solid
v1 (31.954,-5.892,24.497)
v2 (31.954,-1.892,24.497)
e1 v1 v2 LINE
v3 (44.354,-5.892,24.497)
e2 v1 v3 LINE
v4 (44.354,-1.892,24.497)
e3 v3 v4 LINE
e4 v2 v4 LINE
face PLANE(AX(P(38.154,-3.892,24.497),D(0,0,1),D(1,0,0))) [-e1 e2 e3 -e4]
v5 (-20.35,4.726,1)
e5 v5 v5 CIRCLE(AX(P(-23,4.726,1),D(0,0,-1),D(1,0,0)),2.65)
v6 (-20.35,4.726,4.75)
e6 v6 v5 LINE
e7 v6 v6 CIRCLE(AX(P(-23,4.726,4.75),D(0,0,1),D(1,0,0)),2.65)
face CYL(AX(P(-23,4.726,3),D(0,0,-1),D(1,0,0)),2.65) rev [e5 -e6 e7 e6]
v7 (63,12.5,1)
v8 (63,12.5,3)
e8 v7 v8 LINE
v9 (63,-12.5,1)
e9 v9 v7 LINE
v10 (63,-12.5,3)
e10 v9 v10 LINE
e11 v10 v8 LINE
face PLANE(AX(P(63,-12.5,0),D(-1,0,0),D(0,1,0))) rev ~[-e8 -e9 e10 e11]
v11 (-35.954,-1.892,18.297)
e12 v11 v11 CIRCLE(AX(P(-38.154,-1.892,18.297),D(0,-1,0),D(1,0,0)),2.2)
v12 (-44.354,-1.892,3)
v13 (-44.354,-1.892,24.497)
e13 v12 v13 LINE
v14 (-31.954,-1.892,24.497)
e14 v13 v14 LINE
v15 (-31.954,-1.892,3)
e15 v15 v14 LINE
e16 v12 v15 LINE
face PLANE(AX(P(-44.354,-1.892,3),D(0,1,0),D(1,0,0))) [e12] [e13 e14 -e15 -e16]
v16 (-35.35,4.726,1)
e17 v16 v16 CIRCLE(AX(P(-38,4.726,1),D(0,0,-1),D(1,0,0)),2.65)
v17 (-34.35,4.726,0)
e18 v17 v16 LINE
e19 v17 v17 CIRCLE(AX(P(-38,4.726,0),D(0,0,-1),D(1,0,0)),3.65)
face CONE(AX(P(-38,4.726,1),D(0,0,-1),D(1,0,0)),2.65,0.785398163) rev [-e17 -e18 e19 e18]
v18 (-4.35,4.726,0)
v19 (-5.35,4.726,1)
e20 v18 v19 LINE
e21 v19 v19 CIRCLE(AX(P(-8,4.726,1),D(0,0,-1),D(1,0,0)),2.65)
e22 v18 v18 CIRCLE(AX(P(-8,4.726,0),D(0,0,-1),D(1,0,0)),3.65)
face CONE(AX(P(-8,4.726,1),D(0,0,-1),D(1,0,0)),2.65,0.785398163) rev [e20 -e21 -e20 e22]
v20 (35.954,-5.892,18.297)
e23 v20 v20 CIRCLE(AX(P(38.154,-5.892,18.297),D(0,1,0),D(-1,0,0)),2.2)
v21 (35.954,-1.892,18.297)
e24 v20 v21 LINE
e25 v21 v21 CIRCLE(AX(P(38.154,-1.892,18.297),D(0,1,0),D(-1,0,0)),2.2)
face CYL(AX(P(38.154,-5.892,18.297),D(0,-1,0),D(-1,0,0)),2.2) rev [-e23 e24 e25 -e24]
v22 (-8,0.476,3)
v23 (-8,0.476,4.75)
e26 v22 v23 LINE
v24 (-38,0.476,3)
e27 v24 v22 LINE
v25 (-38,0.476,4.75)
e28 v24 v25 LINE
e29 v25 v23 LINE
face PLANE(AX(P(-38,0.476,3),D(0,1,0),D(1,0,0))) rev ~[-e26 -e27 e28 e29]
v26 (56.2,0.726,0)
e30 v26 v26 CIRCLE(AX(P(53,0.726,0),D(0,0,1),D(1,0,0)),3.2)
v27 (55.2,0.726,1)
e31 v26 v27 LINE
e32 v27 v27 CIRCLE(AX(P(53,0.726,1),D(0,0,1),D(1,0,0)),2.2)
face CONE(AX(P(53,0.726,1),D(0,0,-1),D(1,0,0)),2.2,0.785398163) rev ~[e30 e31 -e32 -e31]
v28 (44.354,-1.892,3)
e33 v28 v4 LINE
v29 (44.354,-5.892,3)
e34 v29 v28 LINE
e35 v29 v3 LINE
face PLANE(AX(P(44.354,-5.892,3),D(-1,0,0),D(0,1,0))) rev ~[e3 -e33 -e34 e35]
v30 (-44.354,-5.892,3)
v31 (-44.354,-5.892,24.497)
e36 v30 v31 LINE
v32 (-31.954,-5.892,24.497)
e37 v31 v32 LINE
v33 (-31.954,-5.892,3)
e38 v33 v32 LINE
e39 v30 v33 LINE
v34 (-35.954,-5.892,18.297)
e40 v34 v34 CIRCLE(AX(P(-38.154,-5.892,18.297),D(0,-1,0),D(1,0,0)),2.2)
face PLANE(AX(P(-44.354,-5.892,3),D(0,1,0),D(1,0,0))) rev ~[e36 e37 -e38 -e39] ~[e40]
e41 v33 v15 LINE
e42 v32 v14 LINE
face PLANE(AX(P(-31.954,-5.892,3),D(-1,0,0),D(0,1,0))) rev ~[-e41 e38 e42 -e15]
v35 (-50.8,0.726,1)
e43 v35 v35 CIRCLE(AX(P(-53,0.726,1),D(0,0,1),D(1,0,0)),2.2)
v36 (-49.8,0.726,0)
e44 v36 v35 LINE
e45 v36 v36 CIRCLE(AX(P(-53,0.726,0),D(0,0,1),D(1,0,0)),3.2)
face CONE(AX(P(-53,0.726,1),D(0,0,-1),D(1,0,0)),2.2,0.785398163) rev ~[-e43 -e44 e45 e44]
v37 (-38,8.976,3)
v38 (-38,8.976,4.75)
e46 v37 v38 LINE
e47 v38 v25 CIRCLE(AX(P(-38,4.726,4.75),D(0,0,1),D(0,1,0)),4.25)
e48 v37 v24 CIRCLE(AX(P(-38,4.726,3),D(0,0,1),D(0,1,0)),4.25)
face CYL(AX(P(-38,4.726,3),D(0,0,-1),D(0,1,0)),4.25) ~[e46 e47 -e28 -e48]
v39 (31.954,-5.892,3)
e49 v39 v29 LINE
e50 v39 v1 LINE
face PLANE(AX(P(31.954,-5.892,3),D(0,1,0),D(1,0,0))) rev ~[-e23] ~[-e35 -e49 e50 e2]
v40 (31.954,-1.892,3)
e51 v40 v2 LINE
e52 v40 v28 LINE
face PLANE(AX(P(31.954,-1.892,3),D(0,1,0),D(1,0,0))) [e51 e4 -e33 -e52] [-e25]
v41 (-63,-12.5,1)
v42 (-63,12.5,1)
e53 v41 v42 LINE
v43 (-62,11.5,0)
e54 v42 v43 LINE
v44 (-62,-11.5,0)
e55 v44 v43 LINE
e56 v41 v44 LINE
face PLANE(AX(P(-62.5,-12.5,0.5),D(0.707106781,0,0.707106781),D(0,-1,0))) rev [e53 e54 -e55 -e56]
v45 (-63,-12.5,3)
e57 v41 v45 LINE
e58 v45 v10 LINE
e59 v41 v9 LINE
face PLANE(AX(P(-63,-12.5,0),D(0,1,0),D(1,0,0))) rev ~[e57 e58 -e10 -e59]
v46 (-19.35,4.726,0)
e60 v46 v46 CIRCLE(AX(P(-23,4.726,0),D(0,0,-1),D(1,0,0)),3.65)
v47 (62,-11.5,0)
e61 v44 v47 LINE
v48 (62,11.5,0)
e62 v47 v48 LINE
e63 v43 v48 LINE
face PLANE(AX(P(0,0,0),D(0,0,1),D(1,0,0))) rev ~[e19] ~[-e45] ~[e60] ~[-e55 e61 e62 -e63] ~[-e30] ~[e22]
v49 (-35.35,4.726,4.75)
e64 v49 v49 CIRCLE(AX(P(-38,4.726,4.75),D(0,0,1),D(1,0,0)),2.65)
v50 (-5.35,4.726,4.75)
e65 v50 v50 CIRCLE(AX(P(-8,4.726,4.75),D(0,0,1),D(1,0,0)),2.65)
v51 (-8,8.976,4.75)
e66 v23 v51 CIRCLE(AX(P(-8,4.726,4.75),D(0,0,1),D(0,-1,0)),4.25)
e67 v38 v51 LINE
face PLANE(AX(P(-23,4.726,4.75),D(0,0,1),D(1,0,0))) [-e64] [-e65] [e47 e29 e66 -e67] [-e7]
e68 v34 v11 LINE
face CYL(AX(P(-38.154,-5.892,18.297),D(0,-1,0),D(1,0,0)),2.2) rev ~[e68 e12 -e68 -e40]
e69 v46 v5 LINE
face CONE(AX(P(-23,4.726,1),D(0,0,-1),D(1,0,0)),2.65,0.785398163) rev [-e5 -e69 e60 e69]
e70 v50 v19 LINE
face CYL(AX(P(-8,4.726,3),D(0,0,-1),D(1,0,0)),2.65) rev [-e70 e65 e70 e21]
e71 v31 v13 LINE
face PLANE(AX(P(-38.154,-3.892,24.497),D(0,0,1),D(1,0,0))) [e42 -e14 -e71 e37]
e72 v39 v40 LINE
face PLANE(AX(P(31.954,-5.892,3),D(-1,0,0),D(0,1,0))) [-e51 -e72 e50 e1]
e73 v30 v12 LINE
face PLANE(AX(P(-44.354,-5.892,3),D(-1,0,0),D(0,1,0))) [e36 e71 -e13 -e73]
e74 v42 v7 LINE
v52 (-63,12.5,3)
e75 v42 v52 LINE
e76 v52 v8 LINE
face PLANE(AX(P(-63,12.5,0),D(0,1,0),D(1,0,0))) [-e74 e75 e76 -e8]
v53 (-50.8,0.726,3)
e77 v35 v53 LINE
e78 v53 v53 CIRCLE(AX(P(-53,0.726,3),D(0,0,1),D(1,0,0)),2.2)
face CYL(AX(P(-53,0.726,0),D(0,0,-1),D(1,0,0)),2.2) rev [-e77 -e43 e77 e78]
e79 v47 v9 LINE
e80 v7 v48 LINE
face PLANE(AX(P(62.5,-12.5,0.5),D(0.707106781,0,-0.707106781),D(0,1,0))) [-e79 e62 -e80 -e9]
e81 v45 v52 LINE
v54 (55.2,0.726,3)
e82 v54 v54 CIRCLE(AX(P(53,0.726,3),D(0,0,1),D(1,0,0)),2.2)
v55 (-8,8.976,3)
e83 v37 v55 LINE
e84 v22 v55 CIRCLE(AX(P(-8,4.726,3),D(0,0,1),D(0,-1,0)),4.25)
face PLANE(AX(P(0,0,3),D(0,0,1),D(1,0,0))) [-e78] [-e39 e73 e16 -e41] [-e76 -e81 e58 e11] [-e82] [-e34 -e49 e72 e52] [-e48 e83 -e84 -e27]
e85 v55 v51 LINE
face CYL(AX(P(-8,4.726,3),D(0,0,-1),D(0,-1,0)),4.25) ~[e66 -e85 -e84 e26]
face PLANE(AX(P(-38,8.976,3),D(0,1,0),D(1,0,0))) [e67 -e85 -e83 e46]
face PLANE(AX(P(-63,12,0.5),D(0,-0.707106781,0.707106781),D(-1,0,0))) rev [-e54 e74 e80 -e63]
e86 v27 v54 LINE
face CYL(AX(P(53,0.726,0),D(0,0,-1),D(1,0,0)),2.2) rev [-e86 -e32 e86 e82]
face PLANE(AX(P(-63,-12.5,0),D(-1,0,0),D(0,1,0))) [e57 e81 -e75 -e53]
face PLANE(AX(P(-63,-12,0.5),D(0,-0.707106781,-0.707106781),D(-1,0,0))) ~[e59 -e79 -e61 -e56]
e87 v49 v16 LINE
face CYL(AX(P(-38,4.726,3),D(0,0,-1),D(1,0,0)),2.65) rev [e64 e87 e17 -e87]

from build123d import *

# Parameters (mm, degrees)
SKETCH_W        = 126
SKETCH_H        = 25
SKETCH_R        = 2.2
PAD_DEPTH       = 3
SKETCH001_W     = 12.4
SKETCH001_H     = 4
PAD001_DEPTH    = 21.497
SKETCH002_R     = 2.2
POCKET_DEPTH    = 4
CHAMFER_SIZE    = 1
SKETCH003_R     = 2.65
POCKET001_DEPTH = 24.498
CHAMFER001_SIZE = 1
SKETCH004_R     = 2.65
PAD002_DEPTH    = 1.75


with BuildPart() as part:
    # Sketch → Pad (new body)
    with BuildSketch(Plane.XY):
        Rectangle(SKETCH_W, SKETCH_H)
        with Locations((-53, 0.726)):
            Circle(SKETCH_R, mode=Mode.SUBTRACT)
        with Locations((53, 0.726)):
            Circle(SKETCH_R, mode=Mode.SUBTRACT)
    extrude(amount=PAD_DEPTH)

    # Sketch001 (on Face8 of Pad) → Pad001 (join)
    with BuildSketch(Plane.XY.offset(3)):
        with Locations((-38.154, -3.892)):
            Rectangle(SKETCH001_W, SKETCH001_H)
        with Locations((38.154, -3.892)):
            Rectangle(SKETCH001_W, SKETCH001_H)
    extrude(amount=PAD001_DEPTH)

    # Sketch002 (on Face11 of Pad001) → Pocket (cut)
    with BuildSketch(Plane.XZ.offset(5.892)):
        with Locations((-38.154, 18.297)):
            Circle(SKETCH002_R)
    pocket = extrude(amount=-POCKET_DEPTH, mode=Mode.SUBTRACT)

    # Mirrored: Pocket across Sketch002 V_Axis
    add(pocket.mirror(Plane(origin=(0, -5.892, 0), x_dir=(0, -1, 0), z_dir=(1, 0, 0))), mode=Mode.SUBTRACT)

    # Chamfer
    chamfer_edges = [part.edges().sort_by_distance(p)[0] for p in [
        (0, 12.5, 0),
        (63, 0, 0),
        (0, -12.5, 0),
        (-63, 0, 0),
        (50.8, 0.726, 0),
        (-55.2, 0.726, 0),
    ]]
    chamfer(chamfer_edges, length=CHAMFER_SIZE)

    # Sketch003 (on Face8 of Chamfer) → Pocket001 (cut, through all)
    with BuildSketch(Plane(origin=(0, 0, 0), x_dir=(1, 0, 0), z_dir=(0, 0, -1))):
        with Locations((-38, -4.726)):
            Circle(SKETCH003_R)
        with Locations((-23, -4.726)):
            Circle(SKETCH003_R)
        with Locations((-8, -4.726)):
            Circle(SKETCH003_R)
    extrude(amount=-POCKET001_DEPTH, mode=Mode.SUBTRACT)

    # Chamfer001
    chamfer001_edges = [part.edges().sort_by_distance(p)[0] for p in [
        (-10.65, 4.726, 0),
        (-25.65, 4.726, 0),
        (-40.65, 4.726, 0),
    ]]
    chamfer(chamfer001_edges, length=CHAMFER001_SIZE)

    # Sketch004 (on Face20 of Chamfer001) → Pad002 (join)
    with BuildSketch(Plane.XY.offset(3)):
        with BuildLine():
            ThreePointArc((-38, 8.976), (-42.25, 4.726), (-38, 0.476))
            Line((-38, 0.476), (-8, 0.476))
            ThreePointArc((-8, 0.476), (-3.75, 4.726), (-8, 8.976))
            Line((-38, 8.976), (-8, 8.976))
        make_face()
        with Locations((-38, 4.726)):
            Circle(SKETCH004_R, mode=Mode.SUBTRACT)
        with Locations((-23, 4.726)):
            Circle(SKETCH004_R, mode=Mode.SUBTRACT)
        with Locations((-8, 4.726)):
            Circle(SKETCH004_R, mode=Mode.SUBTRACT)
    extrude(amount=PAD002_DEPTH)


solid = part.part
